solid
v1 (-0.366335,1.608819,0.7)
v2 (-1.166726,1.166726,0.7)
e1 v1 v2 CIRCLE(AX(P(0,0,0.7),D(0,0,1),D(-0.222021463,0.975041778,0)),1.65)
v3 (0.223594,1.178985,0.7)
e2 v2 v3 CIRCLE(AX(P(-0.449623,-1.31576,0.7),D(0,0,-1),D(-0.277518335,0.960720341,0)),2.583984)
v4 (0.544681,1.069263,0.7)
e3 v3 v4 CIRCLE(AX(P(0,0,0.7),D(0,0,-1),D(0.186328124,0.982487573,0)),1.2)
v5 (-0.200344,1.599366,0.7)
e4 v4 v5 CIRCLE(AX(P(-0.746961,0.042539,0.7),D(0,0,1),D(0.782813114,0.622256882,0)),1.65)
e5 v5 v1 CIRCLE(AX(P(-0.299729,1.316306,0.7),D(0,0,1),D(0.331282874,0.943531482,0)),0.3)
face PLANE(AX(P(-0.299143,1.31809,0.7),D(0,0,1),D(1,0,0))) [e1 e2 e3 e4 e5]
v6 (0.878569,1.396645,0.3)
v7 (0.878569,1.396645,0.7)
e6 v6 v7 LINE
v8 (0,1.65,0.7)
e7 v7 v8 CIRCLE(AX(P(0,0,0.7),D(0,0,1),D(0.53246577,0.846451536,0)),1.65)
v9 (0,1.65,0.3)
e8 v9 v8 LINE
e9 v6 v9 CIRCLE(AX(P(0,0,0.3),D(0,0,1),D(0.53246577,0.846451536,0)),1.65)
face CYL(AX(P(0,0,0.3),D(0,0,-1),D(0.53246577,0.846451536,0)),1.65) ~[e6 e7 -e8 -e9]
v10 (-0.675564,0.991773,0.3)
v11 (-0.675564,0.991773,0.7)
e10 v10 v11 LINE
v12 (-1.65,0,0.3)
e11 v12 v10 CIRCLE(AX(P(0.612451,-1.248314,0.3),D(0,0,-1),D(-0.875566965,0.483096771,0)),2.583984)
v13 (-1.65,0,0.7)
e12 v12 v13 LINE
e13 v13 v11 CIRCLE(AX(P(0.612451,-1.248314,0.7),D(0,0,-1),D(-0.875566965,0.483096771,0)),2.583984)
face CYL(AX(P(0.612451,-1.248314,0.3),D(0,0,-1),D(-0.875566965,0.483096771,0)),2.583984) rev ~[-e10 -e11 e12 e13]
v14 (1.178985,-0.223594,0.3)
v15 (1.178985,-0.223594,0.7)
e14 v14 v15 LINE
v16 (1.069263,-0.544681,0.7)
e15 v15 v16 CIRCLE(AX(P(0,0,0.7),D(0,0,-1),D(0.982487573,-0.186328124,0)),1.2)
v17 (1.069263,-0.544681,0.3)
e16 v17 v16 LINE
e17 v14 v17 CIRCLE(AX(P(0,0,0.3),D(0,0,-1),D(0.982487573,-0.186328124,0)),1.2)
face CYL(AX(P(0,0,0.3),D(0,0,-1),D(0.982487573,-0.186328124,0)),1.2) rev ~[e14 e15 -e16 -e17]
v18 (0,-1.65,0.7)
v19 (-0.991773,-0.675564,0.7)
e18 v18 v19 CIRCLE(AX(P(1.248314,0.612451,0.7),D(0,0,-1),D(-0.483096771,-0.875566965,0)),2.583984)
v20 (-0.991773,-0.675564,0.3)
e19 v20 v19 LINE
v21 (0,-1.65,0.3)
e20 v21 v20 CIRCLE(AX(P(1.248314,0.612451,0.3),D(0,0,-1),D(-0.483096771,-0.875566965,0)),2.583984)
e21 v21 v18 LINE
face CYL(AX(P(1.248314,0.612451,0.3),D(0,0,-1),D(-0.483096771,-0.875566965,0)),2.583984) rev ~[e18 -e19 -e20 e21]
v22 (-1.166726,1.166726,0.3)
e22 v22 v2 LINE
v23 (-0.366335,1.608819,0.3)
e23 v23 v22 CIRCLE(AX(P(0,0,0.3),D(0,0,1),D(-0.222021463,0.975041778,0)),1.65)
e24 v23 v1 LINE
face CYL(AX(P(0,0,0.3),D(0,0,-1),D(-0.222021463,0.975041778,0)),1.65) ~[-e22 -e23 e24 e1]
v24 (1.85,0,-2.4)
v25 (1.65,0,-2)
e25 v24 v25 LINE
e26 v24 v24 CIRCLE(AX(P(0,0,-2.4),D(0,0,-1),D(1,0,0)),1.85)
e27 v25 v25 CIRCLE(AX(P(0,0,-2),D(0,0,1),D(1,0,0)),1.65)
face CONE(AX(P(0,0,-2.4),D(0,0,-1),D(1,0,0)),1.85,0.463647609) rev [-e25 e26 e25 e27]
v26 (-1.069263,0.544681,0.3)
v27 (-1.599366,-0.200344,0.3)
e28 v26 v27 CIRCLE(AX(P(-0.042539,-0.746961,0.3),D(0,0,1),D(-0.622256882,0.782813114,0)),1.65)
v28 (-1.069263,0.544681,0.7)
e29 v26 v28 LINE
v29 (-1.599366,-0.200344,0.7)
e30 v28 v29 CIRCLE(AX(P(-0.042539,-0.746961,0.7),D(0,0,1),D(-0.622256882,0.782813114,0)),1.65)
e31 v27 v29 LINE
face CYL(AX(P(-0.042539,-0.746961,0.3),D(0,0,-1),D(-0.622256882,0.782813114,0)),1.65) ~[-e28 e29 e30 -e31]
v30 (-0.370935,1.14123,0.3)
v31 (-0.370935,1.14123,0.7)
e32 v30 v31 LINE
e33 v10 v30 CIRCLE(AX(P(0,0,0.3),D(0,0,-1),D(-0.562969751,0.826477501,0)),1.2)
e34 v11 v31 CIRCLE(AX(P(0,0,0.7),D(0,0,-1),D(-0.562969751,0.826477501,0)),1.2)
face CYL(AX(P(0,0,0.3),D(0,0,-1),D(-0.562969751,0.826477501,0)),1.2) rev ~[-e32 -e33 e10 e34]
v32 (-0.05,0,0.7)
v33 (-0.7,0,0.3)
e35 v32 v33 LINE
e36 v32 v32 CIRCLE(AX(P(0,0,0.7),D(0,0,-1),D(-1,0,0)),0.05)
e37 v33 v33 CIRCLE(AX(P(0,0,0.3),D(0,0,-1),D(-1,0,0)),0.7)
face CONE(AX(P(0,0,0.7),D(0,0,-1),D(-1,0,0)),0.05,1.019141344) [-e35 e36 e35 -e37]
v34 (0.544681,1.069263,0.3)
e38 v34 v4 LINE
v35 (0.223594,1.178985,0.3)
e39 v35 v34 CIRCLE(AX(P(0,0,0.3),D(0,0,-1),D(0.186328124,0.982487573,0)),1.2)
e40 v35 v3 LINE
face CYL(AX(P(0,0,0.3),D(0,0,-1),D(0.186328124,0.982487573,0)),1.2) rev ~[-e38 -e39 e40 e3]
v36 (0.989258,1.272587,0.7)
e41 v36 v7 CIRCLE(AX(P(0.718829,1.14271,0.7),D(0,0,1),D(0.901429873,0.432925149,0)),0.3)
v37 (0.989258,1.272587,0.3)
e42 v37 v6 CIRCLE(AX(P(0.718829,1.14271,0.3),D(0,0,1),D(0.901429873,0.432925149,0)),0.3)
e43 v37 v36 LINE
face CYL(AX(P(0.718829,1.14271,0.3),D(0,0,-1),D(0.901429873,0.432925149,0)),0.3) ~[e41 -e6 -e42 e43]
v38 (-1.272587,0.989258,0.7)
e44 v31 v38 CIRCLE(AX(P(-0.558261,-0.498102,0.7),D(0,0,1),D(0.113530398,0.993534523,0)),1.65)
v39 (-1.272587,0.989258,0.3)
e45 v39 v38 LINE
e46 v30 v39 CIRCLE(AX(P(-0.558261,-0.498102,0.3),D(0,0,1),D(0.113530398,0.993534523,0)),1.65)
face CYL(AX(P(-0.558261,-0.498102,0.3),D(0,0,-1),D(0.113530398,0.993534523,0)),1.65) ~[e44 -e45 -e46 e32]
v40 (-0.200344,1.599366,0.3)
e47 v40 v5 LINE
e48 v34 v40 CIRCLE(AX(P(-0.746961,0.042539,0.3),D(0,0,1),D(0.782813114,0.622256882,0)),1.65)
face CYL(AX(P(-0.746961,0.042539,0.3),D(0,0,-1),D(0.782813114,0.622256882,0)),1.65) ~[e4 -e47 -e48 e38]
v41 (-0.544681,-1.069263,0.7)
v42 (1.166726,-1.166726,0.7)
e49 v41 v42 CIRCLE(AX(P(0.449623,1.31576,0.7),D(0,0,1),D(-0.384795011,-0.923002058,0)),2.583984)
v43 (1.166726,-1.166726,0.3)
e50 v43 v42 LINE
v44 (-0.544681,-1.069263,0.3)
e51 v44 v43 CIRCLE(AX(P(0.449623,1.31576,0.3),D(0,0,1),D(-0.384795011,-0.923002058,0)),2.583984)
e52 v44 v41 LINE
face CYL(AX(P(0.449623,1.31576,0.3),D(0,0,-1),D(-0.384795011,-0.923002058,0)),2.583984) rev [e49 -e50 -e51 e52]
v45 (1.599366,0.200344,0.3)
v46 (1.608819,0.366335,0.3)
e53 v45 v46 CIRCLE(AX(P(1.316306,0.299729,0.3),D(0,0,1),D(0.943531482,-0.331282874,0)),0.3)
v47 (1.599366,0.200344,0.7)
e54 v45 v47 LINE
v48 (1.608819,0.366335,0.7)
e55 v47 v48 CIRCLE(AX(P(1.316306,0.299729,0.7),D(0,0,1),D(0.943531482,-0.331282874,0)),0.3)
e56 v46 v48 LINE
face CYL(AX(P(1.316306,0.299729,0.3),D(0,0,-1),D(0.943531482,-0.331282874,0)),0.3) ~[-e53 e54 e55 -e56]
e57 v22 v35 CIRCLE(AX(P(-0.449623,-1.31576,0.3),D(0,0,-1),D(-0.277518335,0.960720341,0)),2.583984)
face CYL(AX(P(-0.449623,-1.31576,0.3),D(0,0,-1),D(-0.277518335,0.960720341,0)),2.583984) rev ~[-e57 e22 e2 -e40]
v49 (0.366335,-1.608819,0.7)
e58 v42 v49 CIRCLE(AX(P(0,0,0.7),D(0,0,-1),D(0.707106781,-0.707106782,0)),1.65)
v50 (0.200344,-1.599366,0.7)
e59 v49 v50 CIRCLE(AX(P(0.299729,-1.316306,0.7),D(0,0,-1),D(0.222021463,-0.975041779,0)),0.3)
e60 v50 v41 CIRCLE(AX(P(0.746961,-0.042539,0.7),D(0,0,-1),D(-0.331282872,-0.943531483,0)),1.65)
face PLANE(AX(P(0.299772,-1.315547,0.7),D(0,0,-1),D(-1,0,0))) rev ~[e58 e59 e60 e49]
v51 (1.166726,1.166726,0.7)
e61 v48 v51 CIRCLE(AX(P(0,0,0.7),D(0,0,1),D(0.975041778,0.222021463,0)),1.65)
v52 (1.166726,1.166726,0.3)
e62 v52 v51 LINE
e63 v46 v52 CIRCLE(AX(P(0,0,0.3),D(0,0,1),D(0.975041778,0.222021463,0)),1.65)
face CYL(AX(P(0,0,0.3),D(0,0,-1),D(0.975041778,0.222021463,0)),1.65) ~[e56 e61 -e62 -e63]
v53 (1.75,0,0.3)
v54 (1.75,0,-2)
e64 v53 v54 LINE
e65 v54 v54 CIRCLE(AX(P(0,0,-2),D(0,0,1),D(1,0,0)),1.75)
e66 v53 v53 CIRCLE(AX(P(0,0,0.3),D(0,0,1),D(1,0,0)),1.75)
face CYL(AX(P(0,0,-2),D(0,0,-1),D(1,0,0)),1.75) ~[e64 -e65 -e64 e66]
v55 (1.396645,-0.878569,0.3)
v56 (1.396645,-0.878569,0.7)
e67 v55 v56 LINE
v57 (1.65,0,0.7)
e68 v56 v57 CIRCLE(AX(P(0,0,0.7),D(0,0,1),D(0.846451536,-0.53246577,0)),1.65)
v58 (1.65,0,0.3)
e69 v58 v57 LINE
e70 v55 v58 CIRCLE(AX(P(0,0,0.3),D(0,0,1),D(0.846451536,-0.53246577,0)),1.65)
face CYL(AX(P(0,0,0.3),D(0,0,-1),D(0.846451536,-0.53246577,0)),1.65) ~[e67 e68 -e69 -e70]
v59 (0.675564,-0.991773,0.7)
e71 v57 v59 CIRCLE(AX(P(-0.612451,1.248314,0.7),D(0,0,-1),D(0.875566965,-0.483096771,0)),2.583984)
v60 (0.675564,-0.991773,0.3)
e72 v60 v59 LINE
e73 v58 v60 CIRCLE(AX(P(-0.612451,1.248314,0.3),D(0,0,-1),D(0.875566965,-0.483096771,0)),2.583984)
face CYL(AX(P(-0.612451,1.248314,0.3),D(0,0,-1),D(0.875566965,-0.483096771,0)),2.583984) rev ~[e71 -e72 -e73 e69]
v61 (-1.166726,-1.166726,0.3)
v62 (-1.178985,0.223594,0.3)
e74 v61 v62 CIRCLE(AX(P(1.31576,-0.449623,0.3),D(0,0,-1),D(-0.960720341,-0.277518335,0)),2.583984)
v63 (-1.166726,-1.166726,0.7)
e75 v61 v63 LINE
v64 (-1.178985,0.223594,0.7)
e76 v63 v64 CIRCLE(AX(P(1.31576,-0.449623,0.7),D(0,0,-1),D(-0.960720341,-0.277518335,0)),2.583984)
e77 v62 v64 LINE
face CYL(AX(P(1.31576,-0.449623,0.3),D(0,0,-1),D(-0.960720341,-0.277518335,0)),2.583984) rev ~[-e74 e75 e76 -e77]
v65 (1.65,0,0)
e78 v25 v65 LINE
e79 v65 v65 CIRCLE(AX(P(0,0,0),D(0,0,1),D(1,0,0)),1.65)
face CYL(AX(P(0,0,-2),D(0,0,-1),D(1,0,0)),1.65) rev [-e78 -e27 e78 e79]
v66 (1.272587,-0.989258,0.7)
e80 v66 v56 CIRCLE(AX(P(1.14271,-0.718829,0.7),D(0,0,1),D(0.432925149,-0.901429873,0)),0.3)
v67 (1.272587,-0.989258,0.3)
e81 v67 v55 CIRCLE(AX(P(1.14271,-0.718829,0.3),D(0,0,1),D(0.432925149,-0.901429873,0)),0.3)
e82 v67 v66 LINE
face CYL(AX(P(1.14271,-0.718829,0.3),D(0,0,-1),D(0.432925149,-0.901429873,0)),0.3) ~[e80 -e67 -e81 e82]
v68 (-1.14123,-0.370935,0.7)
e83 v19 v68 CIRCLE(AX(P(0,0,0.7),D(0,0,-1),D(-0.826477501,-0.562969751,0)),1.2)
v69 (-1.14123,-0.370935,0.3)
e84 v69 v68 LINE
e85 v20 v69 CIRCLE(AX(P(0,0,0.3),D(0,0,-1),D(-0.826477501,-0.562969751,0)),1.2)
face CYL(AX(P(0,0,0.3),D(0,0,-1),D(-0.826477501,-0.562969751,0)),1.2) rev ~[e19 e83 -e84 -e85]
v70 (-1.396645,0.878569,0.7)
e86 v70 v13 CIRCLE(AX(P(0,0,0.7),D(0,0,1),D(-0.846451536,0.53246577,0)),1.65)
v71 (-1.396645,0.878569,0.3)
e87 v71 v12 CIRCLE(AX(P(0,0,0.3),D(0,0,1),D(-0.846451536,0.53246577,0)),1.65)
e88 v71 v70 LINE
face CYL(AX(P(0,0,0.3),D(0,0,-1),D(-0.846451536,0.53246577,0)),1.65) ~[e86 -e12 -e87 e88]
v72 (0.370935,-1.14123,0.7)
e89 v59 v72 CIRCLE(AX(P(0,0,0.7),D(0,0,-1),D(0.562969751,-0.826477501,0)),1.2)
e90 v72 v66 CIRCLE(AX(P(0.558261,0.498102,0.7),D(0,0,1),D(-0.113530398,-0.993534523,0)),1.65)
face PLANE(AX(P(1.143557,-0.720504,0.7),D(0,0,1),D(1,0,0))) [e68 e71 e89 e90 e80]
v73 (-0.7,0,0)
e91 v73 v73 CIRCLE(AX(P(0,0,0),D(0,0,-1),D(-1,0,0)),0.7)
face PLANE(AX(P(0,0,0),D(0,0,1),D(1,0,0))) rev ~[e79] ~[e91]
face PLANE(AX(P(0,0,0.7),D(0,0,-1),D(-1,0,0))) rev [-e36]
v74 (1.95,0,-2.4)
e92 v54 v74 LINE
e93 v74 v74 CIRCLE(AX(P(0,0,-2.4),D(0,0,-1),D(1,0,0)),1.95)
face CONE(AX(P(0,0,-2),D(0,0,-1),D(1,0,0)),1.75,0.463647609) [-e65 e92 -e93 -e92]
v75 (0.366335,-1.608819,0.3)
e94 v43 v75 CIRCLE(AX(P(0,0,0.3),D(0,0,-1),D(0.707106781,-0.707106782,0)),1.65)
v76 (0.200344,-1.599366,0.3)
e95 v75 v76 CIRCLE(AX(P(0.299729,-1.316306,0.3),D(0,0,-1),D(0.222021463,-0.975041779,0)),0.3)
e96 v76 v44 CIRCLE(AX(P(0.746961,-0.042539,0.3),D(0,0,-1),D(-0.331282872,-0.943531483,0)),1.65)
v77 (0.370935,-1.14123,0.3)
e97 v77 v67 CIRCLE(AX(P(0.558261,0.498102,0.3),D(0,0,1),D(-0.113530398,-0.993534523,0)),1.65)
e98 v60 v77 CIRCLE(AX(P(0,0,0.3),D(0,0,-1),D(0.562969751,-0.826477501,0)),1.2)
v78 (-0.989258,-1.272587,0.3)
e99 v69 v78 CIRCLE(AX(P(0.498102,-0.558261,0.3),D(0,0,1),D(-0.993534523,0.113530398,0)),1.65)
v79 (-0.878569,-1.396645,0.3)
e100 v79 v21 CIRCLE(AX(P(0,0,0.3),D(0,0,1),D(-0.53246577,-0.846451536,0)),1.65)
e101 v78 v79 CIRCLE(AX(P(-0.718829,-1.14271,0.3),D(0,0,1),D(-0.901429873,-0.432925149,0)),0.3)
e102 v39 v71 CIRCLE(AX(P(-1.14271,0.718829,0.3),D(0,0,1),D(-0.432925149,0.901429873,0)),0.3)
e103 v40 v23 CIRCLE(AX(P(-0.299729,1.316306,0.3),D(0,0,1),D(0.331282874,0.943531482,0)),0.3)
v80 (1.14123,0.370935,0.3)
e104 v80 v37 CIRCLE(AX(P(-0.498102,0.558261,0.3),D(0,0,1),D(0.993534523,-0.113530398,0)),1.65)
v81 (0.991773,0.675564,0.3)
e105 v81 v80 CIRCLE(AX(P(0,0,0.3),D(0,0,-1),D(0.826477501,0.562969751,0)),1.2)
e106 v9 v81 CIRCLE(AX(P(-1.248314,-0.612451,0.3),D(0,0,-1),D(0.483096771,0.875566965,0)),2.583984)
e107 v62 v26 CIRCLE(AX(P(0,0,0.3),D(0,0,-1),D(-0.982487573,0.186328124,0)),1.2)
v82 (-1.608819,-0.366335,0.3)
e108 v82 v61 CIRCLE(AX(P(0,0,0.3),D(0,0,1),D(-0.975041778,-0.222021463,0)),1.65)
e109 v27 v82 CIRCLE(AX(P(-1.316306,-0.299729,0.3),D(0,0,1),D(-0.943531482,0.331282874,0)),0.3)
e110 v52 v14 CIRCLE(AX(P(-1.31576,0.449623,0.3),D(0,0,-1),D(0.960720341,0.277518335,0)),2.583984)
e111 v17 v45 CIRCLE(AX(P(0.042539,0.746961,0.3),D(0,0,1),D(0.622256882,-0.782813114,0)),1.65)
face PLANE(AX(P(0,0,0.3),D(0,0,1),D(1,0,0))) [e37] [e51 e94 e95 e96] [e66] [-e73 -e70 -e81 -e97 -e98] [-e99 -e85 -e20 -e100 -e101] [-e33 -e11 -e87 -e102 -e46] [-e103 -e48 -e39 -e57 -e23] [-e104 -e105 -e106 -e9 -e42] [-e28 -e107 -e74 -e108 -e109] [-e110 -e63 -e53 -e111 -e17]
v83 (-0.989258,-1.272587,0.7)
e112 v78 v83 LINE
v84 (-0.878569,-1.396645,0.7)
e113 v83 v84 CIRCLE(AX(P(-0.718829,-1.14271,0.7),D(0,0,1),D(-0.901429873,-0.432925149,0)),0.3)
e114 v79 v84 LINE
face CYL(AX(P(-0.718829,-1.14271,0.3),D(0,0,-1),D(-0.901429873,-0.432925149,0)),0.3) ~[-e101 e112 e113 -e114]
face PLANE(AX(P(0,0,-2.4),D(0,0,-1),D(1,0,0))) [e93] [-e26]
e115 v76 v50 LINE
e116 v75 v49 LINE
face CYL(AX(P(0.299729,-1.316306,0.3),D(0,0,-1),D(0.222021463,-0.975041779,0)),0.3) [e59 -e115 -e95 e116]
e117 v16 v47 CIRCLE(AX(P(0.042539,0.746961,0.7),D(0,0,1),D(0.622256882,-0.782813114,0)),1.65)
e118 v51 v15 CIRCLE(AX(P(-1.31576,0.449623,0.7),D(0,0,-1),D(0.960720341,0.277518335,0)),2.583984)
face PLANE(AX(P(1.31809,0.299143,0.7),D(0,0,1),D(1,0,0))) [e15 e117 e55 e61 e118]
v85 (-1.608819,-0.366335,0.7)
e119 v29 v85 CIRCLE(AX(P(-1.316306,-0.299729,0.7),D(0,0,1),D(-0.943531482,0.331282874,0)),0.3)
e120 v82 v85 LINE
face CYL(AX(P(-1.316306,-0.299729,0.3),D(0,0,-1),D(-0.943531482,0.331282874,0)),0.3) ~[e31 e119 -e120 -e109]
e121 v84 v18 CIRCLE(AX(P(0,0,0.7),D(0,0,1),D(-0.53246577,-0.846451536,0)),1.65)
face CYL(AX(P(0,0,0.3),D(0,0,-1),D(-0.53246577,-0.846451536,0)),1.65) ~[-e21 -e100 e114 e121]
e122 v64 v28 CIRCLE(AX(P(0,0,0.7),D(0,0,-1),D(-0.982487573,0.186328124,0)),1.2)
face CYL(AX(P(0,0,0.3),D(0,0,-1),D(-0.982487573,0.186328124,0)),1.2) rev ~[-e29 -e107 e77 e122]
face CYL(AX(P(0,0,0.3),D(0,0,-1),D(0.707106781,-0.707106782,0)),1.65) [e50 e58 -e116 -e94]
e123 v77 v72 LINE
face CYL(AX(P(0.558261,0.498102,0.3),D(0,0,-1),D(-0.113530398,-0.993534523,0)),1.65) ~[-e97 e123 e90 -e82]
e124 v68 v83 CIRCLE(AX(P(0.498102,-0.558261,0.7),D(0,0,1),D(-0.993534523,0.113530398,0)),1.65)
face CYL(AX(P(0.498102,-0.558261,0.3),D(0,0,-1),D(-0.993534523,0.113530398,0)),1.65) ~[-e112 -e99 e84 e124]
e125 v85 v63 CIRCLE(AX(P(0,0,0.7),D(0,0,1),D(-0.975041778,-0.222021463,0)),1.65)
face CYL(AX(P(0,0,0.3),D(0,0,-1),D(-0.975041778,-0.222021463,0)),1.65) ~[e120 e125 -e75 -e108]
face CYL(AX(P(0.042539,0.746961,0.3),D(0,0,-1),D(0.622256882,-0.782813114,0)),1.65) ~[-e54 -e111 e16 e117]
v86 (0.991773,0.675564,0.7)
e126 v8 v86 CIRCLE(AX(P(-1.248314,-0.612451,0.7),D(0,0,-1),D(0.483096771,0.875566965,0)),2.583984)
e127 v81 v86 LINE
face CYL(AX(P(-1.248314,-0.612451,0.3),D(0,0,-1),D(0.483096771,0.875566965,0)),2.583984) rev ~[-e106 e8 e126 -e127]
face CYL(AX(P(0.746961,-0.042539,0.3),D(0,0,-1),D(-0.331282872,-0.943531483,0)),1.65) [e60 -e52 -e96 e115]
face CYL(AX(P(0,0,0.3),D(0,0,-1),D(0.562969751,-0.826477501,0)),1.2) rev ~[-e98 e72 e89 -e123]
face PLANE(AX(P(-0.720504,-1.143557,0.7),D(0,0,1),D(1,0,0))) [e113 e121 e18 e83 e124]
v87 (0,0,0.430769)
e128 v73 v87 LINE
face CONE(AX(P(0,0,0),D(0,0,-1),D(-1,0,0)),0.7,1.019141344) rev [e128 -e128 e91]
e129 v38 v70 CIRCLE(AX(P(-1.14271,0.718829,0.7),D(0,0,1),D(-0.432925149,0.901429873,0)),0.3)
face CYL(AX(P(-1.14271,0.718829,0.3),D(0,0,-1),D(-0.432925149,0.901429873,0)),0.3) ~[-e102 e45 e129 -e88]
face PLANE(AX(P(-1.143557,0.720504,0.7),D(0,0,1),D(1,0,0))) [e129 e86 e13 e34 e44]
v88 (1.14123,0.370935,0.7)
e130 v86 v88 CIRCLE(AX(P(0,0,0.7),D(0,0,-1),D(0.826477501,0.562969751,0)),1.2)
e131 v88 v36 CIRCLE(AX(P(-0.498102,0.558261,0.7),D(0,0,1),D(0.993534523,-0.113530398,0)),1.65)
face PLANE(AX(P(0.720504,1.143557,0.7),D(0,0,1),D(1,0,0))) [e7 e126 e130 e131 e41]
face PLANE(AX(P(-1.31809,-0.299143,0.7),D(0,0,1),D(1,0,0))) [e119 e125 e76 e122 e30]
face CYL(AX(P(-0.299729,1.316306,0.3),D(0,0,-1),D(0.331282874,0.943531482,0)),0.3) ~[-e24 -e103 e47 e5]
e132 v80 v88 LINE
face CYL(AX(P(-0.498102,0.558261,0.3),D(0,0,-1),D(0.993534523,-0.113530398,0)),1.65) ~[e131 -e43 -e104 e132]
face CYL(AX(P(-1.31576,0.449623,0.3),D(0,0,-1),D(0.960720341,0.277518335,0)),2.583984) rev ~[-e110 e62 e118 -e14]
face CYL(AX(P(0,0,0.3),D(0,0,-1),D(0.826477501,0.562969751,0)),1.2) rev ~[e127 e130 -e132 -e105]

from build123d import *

# Parameters (mm, degrees)
SKETCH_21_R         = 1.75
EXTRUDE_8_DEPTH     = 0.3
SKETCH_22_R         = 0.7
CUT_EXTRUDE_4_DEPTH = 0.3
EXTRUDE_START       = -2
SKETCH_24_R         = 1.75
SKETCH_24_R_2       = 1.65
EXTRUDE_9_DEPTH     = 2
EXTRUDE_10_DEPTH    = 0.4


with BuildPart() as part:
    # 스케치21 → 보스-돌출8 (new body)
    with BuildSketch(Plane(origin=(0, -5.7, 0), x_dir=(-1, 0, 0), z_dir=(0, 0, 1))):
        with Locations(Location((0, -5.7, 0), (0, 0, 180))):
            Circle(SKETCH_21_R)
    extrude(amount=EXTRUDE_8_DEPTH)

    # 스케치22 → 컷-돌출4 (cut)
    with BuildSketch(Plane(origin=(0, 0, 0.3), x_dir=(-1, 0, 0), z_dir=(0, 0, 1))):
        with Locations(Location((0, 0, 0), (0, 0, 180))):
            Circle(SKETCH_22_R)
    extrude(amount=-CUT_EXTRUDE_4_DEPTH, mode=Mode.SUBTRACT)

    # 스케치23 → 회전4 (revolve)
    with BuildSketch(Plane(origin=(0, 0, 0), x_dir=(1, 0, 0), z_dir=(0, 1, 0)), mode=Mode.PRIVATE) as revolve_4_sk:
        Polygon((0.7, -0.3), (0.7, 0), (0, -0.430769231), (0, -0.7), (0.05, -0.7), align=None)
    revolve(revolve_4_sk.sketch.rotate(Axis((0, 0, 0.7), (0, 0, -1)), 180), axis=Axis((0, 0, 0.7), (0, 0, -1)))

    # 스케치24 → 보스-돌출9 (add)
    with BuildSketch(Plane.XY.offset(EXTRUDE_START)):
        Circle(SKETCH_24_R)
        Circle(SKETCH_24_R_2, mode=Mode.SUBTRACT)
    extrude(amount=EXTRUDE_9_DEPTH)

    # 스케치33 → 보스-돌출10 (add)
    with BuildSketch(Plane.XY.offset(0.3)):
        with BuildLine():
            ThreePointArc((-0.200344113, 1.599365846), (-0.282671821, 1.615821098), (-0.366335413, 1.608818935))
            ThreePointArc((-0.366335413, 1.608818935), (-0.797766236, 1.444323036), (-1.166726189, 1.166726189))
            ThreePointArc((-1.166726189, 1.166726189), (-0.472406232, 1.268123752), (0.223593744, 1.178985088))
            ThreePointArc((0.223593744, 1.178985088), (0.388035033, 1.13553019), (0.544680788, 1.069262755))
            ThreePointArc((0.544680788, 1.069262755), (0.209622019, 1.386952977), (-0.200344113, 1.599365846))
        make_face()
        with BuildLine():
            ThreePointArc((0.989257755, 1.272587116), (0.942678894, 1.342437217), (0.878568524, 1.396645033))
            ThreePointArc((0.878568524, 1.396645033), (0.457184697, 1.585396528), (0, 1.65))
            ThreePointArc((0, 1.65), (0.562657254, 1.230740555), (0.991773003, 0.675563698))
            ThreePointArc((0.991773003, 0.675563698), (1.077323301, 0.528558895), (1.141230424, 0.370935466))
            ThreePointArc((1.141230424, 0.370935466), (1.128949006, 0.832498704), (0.989257755, 1.272587116))
        make_face()
        with BuildLine():
            ThreePointArc((1.599365846, 0.200344113), (1.615821098, 0.282671821), (1.608818935, 0.366335413))
            ThreePointArc((1.608818935, 0.366335413), (1.444323036, 0.797766236), (1.166726189, 1.166726189))
            ThreePointArc((1.166726189, 1.166726189), (1.268123752, 0.472406232), (1.178985088, -0.223593744))
            ThreePointArc((1.178985088, -0.223593744), (1.13553019, -0.388035033), (1.069262755, -0.544680788))
            ThreePointArc((1.069262755, -0.544680788), (1.386952977, -0.209622019), (1.599365846, 0.200344113))
        make_face()
        with BuildLine():
            ThreePointArc((1.396645033, -0.878568524), (1.585396528, -0.457184697), (1.65, 0))
            ThreePointArc((1.65, 0), (1.230740555, -0.562657254), (0.675563698, -0.991773003))
            ThreePointArc((0.675563698, -0.991773003), (0.528558895, -1.077323301), (0.370935466, -1.141230424))
            ThreePointArc((0.370935466, -1.141230424), (0.832498704, -1.128949006), (1.272587116, -0.989257755))
            ThreePointArc((1.272587116, -0.989257755), (1.342437217, -0.942678894), (1.396645033, -0.878568524))
        make_face()
        with BuildLine():
            ThreePointArc((-0.878568524, -1.396645033), (-0.457184697, -1.585396528), (0, -1.65))
            ThreePointArc((0, -1.65), (-0.562657254, -1.230740555), (-0.991773003, -0.675563698))
            ThreePointArc((-0.991773003, -0.675563698), (-1.077323301, -0.528558895), (-1.141230424, -0.370935466))
            ThreePointArc((-1.141230424, -0.370935466), (-1.128949006, -0.832498704), (-0.989257755, -1.272587116))
            ThreePointArc((-0.989257755, -1.272587116), (-0.942678894, -1.342437217), (-0.878568524, -1.396645033))
        make_face()
        with BuildLine():
            ThreePointArc((-1.608818935, -0.366335413), (-1.444323036, -0.797766236), (-1.166726189, -1.166726189))
            ThreePointArc((-1.166726189, -1.166726189), (-1.268123752, -0.472406232), (-1.178985088, 0.223593744))
            ThreePointArc((-1.178985088, 0.223593744), (-1.13553019, 0.388035033), (-1.069262755, 0.544680788))
            ThreePointArc((-1.069262755, 0.544680788), (-1.386952977, 0.209622019), (-1.599365846, -0.200344113))
            ThreePointArc((-1.599365846, -0.200344113), (-1.615821098, -0.282671821), (-1.608818935, -0.366335413))
        make_face()
        with BuildLine():
            ThreePointArc((-1.272587116, 0.989257755), (-1.342437217, 0.942678894), (-1.396645033, 0.878568524))
            ThreePointArc((-1.396645033, 0.878568524), (-1.585396528, 0.457184697), (-1.65, 0))
            ThreePointArc((-1.65, 0), (-1.230740555, 0.562657254), (-0.675563698, 0.991773003))
            ThreePointArc((-0.675563698, 0.991773003), (-0.528558895, 1.077323301), (-0.370935466, 1.141230424))
            ThreePointArc((-0.370935466, 1.141230424), (-0.832498704, 1.128949006), (-1.272587116, 0.989257755))
        make_face()
        with BuildLine():
            ThreePointArc((1.166726189, -1.166726189), (0.797766236, -1.444323036), (0.366335413, -1.608818935))
            ThreePointArc((0.366335413, -1.608818935), (0.282671821, -1.615821098), (0.200344113, -1.599365846))
            ThreePointArc((0.200344113, -1.599365846), (-0.209622019, -1.386952977), (-0.544680788, -1.069262755))
            ThreePointArc((-0.544680788, -1.069262755), (0.302705274, -1.264044139), (1.166726189, -1.166726189))
        make_face()
    extrude(amount=EXTRUDE_10_DEPTH)

    # 스케치36 → 회전5 (revolve)
    with BuildSketch(Plane(origin=(0, 0, 0), x_dir=(1, 0, 0), z_dir=(0, 1, 0))):
        Polygon((1.75, 2), (1.95, 2.4), (1.85, 2.4), (1.65, 2), align=None)
    revolve(axis=Axis((0, 0, 0), (0, 0, -1)))


solid = part.part
